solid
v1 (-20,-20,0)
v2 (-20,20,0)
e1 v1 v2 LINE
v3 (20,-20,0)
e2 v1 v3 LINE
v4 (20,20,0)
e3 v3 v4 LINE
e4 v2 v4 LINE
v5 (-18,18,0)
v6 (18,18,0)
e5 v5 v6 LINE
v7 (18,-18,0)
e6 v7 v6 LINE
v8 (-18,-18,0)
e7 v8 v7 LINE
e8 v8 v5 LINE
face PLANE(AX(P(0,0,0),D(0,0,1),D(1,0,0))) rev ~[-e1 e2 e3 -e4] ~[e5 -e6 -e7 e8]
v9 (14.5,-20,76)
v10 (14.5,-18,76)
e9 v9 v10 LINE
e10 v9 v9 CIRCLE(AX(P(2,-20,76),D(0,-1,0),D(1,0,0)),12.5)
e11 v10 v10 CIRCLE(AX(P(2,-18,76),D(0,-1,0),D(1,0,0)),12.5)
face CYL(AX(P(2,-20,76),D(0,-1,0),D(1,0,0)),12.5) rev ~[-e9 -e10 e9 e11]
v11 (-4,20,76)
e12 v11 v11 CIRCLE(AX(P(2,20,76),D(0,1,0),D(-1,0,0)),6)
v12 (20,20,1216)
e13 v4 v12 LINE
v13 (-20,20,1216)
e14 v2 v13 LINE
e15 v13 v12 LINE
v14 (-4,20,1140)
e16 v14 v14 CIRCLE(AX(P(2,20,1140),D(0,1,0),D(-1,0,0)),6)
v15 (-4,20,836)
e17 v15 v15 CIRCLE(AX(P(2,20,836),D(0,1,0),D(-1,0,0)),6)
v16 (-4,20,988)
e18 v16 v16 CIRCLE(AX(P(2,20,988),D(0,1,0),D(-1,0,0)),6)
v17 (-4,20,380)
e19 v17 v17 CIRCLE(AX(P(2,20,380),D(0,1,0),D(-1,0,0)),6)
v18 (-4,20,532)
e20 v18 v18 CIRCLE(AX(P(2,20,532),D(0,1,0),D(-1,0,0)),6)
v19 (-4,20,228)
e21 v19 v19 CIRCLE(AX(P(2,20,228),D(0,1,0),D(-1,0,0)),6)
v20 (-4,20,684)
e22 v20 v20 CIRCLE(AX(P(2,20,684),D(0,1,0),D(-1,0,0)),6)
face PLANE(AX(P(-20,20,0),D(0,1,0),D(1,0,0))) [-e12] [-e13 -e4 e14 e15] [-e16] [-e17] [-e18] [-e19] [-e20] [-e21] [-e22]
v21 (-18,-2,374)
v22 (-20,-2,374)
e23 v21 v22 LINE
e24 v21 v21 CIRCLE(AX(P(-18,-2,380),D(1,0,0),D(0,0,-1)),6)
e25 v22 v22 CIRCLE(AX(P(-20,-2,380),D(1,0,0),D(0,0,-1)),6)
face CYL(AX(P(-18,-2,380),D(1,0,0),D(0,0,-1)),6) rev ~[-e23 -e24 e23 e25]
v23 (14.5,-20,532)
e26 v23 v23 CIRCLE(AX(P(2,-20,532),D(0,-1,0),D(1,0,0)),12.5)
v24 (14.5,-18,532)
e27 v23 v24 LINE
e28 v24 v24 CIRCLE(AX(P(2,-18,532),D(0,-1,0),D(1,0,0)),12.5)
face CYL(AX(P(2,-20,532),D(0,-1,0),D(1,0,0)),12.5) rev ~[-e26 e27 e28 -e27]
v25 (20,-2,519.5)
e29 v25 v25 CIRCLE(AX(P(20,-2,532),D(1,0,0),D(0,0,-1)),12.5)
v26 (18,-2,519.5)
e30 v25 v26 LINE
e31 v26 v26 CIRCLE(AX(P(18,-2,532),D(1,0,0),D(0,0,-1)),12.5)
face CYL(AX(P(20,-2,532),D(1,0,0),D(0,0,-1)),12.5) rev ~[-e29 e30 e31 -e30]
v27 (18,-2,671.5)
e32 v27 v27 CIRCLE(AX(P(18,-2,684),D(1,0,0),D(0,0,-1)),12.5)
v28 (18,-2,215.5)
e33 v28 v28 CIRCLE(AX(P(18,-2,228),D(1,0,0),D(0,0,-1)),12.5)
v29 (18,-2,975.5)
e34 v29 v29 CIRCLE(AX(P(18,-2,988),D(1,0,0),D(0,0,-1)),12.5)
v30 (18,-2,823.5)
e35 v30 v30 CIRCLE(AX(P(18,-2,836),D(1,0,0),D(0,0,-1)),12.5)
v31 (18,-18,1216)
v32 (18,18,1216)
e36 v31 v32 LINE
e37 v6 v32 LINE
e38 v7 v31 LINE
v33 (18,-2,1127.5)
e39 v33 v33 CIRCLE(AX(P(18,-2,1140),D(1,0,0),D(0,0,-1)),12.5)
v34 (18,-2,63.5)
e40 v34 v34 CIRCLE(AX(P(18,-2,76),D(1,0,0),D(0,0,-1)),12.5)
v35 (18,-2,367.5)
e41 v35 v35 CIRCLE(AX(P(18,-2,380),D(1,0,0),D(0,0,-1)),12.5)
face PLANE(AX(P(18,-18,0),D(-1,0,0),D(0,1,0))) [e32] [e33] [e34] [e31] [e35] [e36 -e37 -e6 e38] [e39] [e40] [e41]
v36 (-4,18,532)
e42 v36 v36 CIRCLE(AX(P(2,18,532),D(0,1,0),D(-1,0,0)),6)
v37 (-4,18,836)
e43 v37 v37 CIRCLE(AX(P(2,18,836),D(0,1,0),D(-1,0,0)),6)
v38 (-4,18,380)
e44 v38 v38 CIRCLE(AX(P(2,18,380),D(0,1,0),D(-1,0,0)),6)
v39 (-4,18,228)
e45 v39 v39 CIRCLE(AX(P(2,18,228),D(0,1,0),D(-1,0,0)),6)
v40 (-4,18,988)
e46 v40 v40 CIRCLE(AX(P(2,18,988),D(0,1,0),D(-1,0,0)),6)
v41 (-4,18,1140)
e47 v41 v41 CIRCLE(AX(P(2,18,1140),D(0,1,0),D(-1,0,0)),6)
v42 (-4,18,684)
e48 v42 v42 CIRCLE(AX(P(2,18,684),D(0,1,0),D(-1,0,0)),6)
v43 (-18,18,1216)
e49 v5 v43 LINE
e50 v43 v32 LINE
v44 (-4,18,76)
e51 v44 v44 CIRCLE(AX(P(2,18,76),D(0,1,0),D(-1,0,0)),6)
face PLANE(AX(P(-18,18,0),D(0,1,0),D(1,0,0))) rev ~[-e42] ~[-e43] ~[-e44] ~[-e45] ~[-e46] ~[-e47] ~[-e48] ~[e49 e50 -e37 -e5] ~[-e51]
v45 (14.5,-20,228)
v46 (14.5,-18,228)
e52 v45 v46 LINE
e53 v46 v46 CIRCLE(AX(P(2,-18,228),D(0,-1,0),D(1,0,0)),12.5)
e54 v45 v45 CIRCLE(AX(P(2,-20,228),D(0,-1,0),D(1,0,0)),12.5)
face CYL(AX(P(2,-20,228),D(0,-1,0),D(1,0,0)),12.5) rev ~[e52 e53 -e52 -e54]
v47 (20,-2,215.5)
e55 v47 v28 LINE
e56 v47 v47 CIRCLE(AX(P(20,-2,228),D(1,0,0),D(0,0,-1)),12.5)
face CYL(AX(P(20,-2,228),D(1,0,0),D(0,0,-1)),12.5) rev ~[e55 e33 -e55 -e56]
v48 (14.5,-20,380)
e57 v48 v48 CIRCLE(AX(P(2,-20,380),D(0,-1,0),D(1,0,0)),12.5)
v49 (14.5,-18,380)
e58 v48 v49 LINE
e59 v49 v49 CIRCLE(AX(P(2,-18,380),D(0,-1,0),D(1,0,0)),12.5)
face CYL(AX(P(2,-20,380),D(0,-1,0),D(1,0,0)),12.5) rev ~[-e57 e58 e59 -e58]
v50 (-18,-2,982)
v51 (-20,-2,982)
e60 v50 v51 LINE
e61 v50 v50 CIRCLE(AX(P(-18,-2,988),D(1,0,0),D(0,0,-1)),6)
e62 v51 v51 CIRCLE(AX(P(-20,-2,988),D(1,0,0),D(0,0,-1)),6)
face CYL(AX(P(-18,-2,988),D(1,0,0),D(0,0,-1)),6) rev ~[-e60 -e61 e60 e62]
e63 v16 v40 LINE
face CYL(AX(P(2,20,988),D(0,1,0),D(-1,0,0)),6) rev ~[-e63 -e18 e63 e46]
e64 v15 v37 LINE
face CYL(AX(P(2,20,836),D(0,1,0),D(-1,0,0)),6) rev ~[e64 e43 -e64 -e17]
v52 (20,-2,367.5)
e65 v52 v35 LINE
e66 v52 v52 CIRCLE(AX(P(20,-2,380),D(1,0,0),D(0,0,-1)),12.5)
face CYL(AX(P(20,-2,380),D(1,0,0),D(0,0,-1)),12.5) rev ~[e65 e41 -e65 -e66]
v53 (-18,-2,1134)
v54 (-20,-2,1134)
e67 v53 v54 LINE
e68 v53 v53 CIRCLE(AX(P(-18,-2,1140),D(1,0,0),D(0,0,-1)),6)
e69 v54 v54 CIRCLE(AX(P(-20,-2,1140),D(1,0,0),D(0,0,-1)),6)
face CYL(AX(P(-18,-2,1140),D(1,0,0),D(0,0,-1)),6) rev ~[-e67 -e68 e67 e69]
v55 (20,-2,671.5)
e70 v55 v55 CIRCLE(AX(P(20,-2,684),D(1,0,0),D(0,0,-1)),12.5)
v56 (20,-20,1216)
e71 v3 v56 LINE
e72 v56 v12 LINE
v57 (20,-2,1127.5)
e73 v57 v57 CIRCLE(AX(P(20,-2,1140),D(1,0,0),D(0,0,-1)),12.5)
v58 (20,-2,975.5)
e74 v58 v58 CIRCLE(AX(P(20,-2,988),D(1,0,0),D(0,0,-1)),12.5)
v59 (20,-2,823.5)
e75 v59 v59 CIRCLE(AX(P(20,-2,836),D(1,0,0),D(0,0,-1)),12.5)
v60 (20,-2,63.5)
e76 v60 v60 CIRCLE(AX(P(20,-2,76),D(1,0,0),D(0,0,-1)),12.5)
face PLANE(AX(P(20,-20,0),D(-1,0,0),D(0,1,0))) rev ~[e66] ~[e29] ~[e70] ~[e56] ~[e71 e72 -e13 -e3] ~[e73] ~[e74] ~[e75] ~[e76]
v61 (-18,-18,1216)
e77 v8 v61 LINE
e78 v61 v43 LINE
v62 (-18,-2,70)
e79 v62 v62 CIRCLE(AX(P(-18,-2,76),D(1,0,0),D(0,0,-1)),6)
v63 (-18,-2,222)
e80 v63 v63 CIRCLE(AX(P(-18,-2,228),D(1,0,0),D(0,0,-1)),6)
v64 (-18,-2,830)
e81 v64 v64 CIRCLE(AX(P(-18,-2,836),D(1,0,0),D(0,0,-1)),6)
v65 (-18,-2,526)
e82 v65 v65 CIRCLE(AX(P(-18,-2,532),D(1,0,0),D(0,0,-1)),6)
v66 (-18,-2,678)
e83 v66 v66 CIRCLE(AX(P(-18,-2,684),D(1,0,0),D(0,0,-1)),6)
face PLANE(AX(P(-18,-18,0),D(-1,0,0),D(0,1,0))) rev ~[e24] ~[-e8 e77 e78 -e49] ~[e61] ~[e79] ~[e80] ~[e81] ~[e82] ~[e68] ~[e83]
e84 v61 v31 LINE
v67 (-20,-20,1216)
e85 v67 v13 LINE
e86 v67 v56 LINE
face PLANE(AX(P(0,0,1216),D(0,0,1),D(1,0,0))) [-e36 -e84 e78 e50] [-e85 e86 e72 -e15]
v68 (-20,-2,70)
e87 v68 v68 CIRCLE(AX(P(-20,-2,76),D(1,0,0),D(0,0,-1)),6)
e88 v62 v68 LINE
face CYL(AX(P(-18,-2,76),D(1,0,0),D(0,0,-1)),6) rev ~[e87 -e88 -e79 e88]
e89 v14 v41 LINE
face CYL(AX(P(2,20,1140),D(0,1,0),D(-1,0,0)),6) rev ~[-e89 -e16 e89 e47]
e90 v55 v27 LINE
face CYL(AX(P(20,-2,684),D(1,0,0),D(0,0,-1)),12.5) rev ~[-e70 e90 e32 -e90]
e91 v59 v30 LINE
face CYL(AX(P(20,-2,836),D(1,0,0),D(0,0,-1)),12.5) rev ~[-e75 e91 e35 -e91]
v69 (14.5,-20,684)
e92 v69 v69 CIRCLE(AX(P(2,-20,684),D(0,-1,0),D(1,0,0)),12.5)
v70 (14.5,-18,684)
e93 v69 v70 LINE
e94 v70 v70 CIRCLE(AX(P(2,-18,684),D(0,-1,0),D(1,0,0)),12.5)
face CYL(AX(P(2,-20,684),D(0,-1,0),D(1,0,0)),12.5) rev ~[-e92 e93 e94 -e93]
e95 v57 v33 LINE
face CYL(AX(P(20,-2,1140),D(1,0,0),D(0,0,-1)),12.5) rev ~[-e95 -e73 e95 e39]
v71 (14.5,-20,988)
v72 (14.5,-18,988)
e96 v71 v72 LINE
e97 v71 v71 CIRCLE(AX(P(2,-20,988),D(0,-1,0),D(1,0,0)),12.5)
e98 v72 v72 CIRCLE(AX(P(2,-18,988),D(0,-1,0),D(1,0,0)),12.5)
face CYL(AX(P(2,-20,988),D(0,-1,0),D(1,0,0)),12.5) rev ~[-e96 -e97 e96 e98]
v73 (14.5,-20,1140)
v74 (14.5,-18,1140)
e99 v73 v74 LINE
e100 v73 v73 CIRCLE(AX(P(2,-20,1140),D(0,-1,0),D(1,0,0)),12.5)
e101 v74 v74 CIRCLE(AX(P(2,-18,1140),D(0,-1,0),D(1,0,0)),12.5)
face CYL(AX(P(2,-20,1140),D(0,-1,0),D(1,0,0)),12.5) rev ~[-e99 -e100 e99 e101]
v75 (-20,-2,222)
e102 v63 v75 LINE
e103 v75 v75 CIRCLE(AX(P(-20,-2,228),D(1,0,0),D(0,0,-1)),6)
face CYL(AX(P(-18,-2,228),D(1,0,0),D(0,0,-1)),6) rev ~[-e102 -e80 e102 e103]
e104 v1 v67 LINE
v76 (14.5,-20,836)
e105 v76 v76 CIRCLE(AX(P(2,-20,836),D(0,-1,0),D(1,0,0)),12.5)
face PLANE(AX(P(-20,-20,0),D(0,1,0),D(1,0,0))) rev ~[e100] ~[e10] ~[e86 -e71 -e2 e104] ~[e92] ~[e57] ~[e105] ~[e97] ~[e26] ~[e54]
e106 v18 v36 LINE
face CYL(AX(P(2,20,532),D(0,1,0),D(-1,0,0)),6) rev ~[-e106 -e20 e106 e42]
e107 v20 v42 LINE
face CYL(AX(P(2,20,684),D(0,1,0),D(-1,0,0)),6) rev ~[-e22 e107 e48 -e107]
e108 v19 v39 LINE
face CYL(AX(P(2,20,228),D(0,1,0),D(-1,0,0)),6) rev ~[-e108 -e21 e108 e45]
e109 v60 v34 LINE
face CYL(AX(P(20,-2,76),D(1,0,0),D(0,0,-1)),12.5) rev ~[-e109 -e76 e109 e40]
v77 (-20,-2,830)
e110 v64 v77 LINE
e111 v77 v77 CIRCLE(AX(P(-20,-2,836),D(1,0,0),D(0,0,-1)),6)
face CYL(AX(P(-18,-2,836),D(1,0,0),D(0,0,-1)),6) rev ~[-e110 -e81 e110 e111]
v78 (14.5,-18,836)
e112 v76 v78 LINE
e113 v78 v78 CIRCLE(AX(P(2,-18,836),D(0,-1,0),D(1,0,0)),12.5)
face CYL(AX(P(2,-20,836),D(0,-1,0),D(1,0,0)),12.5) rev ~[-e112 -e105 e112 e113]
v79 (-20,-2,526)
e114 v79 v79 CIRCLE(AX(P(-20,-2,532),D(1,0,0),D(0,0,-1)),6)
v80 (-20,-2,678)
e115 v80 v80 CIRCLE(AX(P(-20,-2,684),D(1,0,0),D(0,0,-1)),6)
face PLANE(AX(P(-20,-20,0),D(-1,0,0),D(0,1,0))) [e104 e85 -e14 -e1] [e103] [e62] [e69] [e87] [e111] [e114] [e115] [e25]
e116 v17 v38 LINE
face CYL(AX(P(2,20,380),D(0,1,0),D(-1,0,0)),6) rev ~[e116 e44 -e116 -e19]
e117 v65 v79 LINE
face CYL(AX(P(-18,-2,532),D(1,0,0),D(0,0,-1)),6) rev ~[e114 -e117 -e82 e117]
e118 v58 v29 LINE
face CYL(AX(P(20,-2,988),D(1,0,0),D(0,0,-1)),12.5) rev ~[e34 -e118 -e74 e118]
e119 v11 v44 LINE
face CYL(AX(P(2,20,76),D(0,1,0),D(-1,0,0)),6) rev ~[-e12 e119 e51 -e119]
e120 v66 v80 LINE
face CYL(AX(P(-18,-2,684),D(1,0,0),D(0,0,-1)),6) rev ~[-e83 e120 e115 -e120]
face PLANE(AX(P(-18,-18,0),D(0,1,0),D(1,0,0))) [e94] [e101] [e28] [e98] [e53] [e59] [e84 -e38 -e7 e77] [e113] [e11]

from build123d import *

# Parameters (mm, degrees)
SKETCH1_W           = 40
SKETCH1_H           = 40
SKETCH1_W_2         = 36
SKETCH1_H_2         = 36
EXTRUDE_THIN1_DEPTH = 1216
SKETCH4_R           = 12.5
CUT_EXTRUDE2_DEPTH  = 10
SKETCH5_R           = 12.5
CUT_EXTRUDE3_DEPTH  = 10
SKETCH6_R           = 6
CUT_EXTRUDE4_DEPTH  = 10
SKETCH7_R           = 6
CUT_EXTRUDE5_DEPTH  = 10
LPATTERN2_COUNT     = 8
LPATTERN2_PITCH     = 152


with BuildPart() as part:
    # Sketch1 → Extrude-Thin1 (new body)
    with BuildSketch(Plane.XY):
        Rectangle(SKETCH1_W, SKETCH1_H)
        Rectangle(SKETCH1_W_2, SKETCH1_H_2, mode=Mode.SUBTRACT)
    extrude(amount=EXTRUDE_THIN1_DEPTH)

    # Sketch4 → Cut-Extrude2 (cut)
    with BuildSketch(Plane(origin=(20, 0, 0), x_dir=(0, 0, -1), z_dir=(1, 0, 0))):
        with Locations((-1140, -2)):
            Circle(SKETCH4_R)
    cut_extrude2 = extrude(amount=-CUT_EXTRUDE2_DEPTH, mode=Mode.SUBTRACT)

    # Sketch5 → Cut-Extrude3 (cut)
    with BuildSketch(Plane.XZ.offset(20)):
        with Locations((2, 1140)):
            Circle(SKETCH5_R)
    cut_extrude3 = extrude(amount=-CUT_EXTRUDE3_DEPTH, mode=Mode.SUBTRACT)

    # Sketch6 → Cut-Extrude4 (cut)
    with BuildSketch(Plane(origin=(-18, 0, 0), x_dir=(0, 0, -1), z_dir=(1, 0, 0))):
        with Locations((-1140, -2)):
            Circle(SKETCH6_R)
    cut_extrude4 = extrude(amount=-CUT_EXTRUDE4_DEPTH, mode=Mode.SUBTRACT)

    # Sketch7 → Cut-Extrude5 (cut)
    with BuildSketch(Plane(origin=(0, 20, 0), x_dir=(1, 0, 0), z_dir=(0, 1, 0))):
        with Locations((2, -1140)):
            Circle(SKETCH7_R)
    cut_extrude5 = extrude(amount=-CUT_EXTRUDE5_DEPTH, mode=Mode.SUBTRACT)

    # LPattern2: Cut-Extrude2, Cut-Extrude3, Cut-Extrude4, Cut-Extrude5 ×8
    with Locations(*[(0, 0, -i * LPATTERN2_PITCH) for i in range(1, LPATTERN2_COUNT)]):
        add(cut_extrude2, mode=Mode.SUBTRACT)
        add(cut_extrude3, mode=Mode.SUBTRACT)
        add(cut_extrude4, mode=Mode.SUBTRACT)
        add(cut_extrude5, mode=Mode.SUBTRACT)


solid = part.part
